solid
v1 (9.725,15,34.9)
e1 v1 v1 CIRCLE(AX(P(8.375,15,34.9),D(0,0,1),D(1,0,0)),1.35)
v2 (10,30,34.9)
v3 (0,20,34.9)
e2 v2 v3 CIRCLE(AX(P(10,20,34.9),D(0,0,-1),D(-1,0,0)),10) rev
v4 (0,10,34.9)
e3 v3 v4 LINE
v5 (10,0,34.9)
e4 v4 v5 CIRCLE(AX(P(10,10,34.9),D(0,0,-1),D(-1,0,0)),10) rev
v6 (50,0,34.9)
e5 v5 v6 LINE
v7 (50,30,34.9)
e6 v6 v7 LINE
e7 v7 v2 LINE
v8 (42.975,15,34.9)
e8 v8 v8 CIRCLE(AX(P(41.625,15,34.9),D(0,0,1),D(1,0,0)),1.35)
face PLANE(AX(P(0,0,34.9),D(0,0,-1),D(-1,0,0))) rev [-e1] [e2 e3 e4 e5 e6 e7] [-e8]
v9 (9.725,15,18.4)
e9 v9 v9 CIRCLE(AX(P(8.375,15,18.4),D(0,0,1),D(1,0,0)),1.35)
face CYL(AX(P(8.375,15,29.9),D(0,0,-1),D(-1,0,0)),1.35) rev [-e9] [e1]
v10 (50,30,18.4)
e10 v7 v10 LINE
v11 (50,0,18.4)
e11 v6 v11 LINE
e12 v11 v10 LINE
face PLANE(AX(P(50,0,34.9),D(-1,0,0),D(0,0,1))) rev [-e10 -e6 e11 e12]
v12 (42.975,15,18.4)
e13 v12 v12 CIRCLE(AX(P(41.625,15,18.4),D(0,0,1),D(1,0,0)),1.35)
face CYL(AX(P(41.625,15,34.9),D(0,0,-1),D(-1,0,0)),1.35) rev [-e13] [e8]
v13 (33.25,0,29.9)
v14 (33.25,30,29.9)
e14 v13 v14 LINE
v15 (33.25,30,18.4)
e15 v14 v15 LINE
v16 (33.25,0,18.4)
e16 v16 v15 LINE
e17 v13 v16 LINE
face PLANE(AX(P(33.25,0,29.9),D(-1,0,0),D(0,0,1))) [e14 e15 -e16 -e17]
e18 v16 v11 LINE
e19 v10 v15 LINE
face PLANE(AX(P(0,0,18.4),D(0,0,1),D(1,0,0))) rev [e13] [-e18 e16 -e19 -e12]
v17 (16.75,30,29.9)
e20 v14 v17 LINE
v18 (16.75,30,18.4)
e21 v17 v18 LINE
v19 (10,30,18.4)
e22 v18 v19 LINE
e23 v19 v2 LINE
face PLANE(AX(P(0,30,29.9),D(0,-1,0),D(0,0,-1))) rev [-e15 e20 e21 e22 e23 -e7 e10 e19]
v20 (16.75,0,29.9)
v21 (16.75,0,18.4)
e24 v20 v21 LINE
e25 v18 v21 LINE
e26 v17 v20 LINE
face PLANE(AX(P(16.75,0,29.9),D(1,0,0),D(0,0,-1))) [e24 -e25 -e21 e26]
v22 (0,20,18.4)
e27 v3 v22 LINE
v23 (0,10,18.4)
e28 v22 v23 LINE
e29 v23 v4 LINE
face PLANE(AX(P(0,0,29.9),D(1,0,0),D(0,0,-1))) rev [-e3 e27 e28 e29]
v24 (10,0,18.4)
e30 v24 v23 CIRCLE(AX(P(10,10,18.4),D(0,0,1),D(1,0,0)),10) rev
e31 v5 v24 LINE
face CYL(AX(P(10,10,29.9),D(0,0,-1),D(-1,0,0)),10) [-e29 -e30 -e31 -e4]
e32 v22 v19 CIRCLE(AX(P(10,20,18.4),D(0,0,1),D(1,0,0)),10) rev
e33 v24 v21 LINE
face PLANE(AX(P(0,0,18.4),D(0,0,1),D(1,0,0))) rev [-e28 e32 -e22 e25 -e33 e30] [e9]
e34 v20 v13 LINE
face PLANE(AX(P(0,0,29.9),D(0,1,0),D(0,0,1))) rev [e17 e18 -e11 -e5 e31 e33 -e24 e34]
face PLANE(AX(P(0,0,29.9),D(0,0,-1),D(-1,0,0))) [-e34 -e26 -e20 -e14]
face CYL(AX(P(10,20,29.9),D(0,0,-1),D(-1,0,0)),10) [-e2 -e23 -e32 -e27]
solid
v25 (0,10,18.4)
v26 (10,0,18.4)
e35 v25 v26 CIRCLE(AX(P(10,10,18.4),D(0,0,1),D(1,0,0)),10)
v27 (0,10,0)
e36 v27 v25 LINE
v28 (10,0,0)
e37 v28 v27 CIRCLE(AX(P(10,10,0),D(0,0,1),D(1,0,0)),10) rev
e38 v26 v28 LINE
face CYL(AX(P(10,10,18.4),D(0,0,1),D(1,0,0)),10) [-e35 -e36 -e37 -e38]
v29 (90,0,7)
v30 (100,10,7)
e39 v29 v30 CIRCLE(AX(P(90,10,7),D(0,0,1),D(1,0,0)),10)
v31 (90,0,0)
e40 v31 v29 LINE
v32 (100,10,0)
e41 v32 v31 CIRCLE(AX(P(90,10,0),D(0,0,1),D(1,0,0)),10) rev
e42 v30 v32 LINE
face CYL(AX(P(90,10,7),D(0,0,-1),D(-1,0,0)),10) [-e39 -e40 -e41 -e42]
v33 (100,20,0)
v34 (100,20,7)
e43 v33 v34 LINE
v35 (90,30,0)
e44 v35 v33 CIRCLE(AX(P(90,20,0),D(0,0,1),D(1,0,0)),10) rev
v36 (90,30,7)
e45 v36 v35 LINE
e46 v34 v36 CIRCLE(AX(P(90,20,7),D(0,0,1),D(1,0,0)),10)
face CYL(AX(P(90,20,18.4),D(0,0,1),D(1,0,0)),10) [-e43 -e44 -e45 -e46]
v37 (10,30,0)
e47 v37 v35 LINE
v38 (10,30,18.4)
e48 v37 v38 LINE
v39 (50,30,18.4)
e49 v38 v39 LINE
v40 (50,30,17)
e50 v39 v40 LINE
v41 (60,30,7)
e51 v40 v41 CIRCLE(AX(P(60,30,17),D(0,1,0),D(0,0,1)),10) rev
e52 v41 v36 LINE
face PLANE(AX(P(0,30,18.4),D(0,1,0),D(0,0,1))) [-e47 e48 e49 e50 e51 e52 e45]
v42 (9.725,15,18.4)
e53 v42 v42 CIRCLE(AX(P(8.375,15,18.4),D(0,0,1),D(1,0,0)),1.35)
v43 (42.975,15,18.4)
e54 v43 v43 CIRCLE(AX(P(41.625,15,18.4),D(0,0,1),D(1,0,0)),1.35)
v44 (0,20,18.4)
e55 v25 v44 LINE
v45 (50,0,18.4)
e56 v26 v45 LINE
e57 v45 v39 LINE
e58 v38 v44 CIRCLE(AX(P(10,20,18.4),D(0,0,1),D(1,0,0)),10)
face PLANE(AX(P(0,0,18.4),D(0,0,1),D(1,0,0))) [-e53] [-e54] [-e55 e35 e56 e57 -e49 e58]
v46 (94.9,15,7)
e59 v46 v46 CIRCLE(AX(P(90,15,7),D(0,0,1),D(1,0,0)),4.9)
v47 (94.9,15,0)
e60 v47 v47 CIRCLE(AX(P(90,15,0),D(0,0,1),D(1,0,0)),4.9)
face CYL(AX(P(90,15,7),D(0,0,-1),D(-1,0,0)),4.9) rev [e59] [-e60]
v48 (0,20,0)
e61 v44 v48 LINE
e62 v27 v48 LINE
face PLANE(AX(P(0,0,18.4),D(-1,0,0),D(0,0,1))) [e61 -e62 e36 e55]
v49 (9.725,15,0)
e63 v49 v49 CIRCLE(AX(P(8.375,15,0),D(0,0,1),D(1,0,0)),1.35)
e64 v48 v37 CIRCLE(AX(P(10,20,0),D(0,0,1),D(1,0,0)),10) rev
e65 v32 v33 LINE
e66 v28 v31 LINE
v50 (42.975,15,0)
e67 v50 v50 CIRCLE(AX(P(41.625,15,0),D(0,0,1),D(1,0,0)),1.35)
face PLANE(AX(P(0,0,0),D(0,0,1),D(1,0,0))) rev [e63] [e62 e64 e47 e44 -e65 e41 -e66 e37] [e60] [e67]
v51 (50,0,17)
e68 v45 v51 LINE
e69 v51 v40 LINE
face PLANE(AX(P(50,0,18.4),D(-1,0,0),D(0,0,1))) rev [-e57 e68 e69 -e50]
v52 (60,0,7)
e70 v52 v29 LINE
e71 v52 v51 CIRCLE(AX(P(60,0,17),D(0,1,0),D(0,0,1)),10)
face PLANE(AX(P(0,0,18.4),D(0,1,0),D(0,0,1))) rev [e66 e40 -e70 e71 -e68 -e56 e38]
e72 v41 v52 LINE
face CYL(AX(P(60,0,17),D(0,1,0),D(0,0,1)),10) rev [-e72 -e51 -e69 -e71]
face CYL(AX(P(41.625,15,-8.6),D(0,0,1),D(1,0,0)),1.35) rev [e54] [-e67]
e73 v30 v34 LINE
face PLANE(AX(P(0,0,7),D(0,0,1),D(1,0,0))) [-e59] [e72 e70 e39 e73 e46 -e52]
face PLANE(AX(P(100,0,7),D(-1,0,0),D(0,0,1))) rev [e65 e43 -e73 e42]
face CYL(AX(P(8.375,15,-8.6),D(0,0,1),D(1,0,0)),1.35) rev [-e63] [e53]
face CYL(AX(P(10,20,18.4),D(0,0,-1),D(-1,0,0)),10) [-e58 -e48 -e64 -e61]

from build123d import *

# Parameters (mm, degrees)
SKETCH1_W             = 50
SKETCH1_H             = 30
BOSS_EXTRUDE1_DEPTH   = 18.4
SKETCH1_3_W           = 50
SKETCH1_3_H           = 30
SKETCH1_3_R           = 4.9
BOSS_EXTRUDE2_DEPTH   = 7
SKETCH2_R             = 1.35
CUT_EXTRUDE1_DEPTH    = 27
SKETCH2_3_W           = 16.75
SKETCH2_3_H           = 30
SKETCH2_3_R           = 1.35
BOSS_EXTRUDE3_DEPTH   = 11.5
BOSS_EXTRUDE3_2_DEPTH = 11.5
BOSS_EXTRUDE4_START   = 5
SKETCH3_W             = 50
SKETCH3_H             = 30
SKETCH3_R             = 1.35
BOSS_EXTRUDE4_DEPTH   = 5
FILLET1_R             = 10
FILLET2_R             = 10


with BuildPart() as part:
    # Sketch1 → Boss-Extrude1 (new body)
    with BuildSketch(Plane.XY):
        with Locations((25, 15)):
            Rectangle(SKETCH1_W, SKETCH1_H)
    extrude(amount=BOSS_EXTRUDE1_DEPTH)

    # Sketch1<3> → Boss-Extrude2 (add)
    with BuildSketch(Plane.XY):
        with Locations((75, 15)):
            Rectangle(SKETCH1_3_W, SKETCH1_3_H)
        with Locations((90, 15)):
            Circle(SKETCH1_3_R, mode=Mode.SUBTRACT)
    extrude(amount=BOSS_EXTRUDE2_DEPTH)

    # Sketch2 → Cut-Extrude1 (cut)
    with BuildSketch(Plane.XY.offset(18.4)):
        with Locations((8.375, 15)):
            Circle(SKETCH2_R)
        with Locations((41.625, 15)):
            Circle(SKETCH2_R)
    extrude(amount=-CUT_EXTRUDE1_DEPTH, mode=Mode.SUBTRACT)

    # Fillet1
    fillet1_edges = [part.edges().sort_by_distance(p)[0] for p in [
        (0, 30, 9.2),
        (0, 0, 9.2),
        (100, 30, 3.5),
        (100, 0, 3.5),
        (50, 15, 7),
    ]]
    fillet(fillet1_edges, radius=FILLET1_R)


with BuildPart() as body_2:
    # Sketch2<3> → Boss-Extrude3 (new body)
    with BuildSketch(Plane.XY.offset(18.4)):
        with Locations((8.375, 15)):
            Rectangle(SKETCH2_3_W, SKETCH2_3_H)
        with Locations((8.375, 15)):
            Circle(SKETCH2_3_R, mode=Mode.SUBTRACT)
    extrude(amount=BOSS_EXTRUDE3_DEPTH)



with BuildPart() as body_3:
    # Sketch2<3> → Boss-Extrude3 2 (new body)
    with BuildSketch(Plane.XY.offset(18.4)):
        with Locations((41.625, 15)):
            Rectangle(SKETCH2_3_W, SKETCH2_3_H)
        with Locations((41.625, 15)):
            Circle(SKETCH2_3_R, mode=Mode.SUBTRACT)
    extrude(amount=BOSS_EXTRUDE3_2_DEPTH)


with BuildPart() as body_2_1:
    add(body_2.part)

    add(body_3.part)  # Boss-Extrude4 merges body 3
    # Sketch3 → Boss-Extrude4 (add)
    with BuildSketch(Plane.XY.offset(29.9).offset(BOSS_EXTRUDE4_START)):
        with Locations((25, 15)):
            Rectangle(SKETCH3_W, SKETCH3_H)
        with Locations((8.375, 15)):
            Circle(SKETCH3_R, mode=Mode.SUBTRACT)
        with Locations((41.625, 15)):
            Circle(SKETCH3_R, mode=Mode.SUBTRACT)
    extrude(amount=-BOSS_EXTRUDE4_DEPTH)

    # Fillet2
    fillet2_edges = [body_2_1.edges().sort_by_distance(p)[0] for p in [
        (0, 30, 26.65),
        (0, 0, 26.65),
    ]]
    fillet(fillet2_edges, radius=FILLET2_R)


solid = Compound([part.part, body_2_1.part])
